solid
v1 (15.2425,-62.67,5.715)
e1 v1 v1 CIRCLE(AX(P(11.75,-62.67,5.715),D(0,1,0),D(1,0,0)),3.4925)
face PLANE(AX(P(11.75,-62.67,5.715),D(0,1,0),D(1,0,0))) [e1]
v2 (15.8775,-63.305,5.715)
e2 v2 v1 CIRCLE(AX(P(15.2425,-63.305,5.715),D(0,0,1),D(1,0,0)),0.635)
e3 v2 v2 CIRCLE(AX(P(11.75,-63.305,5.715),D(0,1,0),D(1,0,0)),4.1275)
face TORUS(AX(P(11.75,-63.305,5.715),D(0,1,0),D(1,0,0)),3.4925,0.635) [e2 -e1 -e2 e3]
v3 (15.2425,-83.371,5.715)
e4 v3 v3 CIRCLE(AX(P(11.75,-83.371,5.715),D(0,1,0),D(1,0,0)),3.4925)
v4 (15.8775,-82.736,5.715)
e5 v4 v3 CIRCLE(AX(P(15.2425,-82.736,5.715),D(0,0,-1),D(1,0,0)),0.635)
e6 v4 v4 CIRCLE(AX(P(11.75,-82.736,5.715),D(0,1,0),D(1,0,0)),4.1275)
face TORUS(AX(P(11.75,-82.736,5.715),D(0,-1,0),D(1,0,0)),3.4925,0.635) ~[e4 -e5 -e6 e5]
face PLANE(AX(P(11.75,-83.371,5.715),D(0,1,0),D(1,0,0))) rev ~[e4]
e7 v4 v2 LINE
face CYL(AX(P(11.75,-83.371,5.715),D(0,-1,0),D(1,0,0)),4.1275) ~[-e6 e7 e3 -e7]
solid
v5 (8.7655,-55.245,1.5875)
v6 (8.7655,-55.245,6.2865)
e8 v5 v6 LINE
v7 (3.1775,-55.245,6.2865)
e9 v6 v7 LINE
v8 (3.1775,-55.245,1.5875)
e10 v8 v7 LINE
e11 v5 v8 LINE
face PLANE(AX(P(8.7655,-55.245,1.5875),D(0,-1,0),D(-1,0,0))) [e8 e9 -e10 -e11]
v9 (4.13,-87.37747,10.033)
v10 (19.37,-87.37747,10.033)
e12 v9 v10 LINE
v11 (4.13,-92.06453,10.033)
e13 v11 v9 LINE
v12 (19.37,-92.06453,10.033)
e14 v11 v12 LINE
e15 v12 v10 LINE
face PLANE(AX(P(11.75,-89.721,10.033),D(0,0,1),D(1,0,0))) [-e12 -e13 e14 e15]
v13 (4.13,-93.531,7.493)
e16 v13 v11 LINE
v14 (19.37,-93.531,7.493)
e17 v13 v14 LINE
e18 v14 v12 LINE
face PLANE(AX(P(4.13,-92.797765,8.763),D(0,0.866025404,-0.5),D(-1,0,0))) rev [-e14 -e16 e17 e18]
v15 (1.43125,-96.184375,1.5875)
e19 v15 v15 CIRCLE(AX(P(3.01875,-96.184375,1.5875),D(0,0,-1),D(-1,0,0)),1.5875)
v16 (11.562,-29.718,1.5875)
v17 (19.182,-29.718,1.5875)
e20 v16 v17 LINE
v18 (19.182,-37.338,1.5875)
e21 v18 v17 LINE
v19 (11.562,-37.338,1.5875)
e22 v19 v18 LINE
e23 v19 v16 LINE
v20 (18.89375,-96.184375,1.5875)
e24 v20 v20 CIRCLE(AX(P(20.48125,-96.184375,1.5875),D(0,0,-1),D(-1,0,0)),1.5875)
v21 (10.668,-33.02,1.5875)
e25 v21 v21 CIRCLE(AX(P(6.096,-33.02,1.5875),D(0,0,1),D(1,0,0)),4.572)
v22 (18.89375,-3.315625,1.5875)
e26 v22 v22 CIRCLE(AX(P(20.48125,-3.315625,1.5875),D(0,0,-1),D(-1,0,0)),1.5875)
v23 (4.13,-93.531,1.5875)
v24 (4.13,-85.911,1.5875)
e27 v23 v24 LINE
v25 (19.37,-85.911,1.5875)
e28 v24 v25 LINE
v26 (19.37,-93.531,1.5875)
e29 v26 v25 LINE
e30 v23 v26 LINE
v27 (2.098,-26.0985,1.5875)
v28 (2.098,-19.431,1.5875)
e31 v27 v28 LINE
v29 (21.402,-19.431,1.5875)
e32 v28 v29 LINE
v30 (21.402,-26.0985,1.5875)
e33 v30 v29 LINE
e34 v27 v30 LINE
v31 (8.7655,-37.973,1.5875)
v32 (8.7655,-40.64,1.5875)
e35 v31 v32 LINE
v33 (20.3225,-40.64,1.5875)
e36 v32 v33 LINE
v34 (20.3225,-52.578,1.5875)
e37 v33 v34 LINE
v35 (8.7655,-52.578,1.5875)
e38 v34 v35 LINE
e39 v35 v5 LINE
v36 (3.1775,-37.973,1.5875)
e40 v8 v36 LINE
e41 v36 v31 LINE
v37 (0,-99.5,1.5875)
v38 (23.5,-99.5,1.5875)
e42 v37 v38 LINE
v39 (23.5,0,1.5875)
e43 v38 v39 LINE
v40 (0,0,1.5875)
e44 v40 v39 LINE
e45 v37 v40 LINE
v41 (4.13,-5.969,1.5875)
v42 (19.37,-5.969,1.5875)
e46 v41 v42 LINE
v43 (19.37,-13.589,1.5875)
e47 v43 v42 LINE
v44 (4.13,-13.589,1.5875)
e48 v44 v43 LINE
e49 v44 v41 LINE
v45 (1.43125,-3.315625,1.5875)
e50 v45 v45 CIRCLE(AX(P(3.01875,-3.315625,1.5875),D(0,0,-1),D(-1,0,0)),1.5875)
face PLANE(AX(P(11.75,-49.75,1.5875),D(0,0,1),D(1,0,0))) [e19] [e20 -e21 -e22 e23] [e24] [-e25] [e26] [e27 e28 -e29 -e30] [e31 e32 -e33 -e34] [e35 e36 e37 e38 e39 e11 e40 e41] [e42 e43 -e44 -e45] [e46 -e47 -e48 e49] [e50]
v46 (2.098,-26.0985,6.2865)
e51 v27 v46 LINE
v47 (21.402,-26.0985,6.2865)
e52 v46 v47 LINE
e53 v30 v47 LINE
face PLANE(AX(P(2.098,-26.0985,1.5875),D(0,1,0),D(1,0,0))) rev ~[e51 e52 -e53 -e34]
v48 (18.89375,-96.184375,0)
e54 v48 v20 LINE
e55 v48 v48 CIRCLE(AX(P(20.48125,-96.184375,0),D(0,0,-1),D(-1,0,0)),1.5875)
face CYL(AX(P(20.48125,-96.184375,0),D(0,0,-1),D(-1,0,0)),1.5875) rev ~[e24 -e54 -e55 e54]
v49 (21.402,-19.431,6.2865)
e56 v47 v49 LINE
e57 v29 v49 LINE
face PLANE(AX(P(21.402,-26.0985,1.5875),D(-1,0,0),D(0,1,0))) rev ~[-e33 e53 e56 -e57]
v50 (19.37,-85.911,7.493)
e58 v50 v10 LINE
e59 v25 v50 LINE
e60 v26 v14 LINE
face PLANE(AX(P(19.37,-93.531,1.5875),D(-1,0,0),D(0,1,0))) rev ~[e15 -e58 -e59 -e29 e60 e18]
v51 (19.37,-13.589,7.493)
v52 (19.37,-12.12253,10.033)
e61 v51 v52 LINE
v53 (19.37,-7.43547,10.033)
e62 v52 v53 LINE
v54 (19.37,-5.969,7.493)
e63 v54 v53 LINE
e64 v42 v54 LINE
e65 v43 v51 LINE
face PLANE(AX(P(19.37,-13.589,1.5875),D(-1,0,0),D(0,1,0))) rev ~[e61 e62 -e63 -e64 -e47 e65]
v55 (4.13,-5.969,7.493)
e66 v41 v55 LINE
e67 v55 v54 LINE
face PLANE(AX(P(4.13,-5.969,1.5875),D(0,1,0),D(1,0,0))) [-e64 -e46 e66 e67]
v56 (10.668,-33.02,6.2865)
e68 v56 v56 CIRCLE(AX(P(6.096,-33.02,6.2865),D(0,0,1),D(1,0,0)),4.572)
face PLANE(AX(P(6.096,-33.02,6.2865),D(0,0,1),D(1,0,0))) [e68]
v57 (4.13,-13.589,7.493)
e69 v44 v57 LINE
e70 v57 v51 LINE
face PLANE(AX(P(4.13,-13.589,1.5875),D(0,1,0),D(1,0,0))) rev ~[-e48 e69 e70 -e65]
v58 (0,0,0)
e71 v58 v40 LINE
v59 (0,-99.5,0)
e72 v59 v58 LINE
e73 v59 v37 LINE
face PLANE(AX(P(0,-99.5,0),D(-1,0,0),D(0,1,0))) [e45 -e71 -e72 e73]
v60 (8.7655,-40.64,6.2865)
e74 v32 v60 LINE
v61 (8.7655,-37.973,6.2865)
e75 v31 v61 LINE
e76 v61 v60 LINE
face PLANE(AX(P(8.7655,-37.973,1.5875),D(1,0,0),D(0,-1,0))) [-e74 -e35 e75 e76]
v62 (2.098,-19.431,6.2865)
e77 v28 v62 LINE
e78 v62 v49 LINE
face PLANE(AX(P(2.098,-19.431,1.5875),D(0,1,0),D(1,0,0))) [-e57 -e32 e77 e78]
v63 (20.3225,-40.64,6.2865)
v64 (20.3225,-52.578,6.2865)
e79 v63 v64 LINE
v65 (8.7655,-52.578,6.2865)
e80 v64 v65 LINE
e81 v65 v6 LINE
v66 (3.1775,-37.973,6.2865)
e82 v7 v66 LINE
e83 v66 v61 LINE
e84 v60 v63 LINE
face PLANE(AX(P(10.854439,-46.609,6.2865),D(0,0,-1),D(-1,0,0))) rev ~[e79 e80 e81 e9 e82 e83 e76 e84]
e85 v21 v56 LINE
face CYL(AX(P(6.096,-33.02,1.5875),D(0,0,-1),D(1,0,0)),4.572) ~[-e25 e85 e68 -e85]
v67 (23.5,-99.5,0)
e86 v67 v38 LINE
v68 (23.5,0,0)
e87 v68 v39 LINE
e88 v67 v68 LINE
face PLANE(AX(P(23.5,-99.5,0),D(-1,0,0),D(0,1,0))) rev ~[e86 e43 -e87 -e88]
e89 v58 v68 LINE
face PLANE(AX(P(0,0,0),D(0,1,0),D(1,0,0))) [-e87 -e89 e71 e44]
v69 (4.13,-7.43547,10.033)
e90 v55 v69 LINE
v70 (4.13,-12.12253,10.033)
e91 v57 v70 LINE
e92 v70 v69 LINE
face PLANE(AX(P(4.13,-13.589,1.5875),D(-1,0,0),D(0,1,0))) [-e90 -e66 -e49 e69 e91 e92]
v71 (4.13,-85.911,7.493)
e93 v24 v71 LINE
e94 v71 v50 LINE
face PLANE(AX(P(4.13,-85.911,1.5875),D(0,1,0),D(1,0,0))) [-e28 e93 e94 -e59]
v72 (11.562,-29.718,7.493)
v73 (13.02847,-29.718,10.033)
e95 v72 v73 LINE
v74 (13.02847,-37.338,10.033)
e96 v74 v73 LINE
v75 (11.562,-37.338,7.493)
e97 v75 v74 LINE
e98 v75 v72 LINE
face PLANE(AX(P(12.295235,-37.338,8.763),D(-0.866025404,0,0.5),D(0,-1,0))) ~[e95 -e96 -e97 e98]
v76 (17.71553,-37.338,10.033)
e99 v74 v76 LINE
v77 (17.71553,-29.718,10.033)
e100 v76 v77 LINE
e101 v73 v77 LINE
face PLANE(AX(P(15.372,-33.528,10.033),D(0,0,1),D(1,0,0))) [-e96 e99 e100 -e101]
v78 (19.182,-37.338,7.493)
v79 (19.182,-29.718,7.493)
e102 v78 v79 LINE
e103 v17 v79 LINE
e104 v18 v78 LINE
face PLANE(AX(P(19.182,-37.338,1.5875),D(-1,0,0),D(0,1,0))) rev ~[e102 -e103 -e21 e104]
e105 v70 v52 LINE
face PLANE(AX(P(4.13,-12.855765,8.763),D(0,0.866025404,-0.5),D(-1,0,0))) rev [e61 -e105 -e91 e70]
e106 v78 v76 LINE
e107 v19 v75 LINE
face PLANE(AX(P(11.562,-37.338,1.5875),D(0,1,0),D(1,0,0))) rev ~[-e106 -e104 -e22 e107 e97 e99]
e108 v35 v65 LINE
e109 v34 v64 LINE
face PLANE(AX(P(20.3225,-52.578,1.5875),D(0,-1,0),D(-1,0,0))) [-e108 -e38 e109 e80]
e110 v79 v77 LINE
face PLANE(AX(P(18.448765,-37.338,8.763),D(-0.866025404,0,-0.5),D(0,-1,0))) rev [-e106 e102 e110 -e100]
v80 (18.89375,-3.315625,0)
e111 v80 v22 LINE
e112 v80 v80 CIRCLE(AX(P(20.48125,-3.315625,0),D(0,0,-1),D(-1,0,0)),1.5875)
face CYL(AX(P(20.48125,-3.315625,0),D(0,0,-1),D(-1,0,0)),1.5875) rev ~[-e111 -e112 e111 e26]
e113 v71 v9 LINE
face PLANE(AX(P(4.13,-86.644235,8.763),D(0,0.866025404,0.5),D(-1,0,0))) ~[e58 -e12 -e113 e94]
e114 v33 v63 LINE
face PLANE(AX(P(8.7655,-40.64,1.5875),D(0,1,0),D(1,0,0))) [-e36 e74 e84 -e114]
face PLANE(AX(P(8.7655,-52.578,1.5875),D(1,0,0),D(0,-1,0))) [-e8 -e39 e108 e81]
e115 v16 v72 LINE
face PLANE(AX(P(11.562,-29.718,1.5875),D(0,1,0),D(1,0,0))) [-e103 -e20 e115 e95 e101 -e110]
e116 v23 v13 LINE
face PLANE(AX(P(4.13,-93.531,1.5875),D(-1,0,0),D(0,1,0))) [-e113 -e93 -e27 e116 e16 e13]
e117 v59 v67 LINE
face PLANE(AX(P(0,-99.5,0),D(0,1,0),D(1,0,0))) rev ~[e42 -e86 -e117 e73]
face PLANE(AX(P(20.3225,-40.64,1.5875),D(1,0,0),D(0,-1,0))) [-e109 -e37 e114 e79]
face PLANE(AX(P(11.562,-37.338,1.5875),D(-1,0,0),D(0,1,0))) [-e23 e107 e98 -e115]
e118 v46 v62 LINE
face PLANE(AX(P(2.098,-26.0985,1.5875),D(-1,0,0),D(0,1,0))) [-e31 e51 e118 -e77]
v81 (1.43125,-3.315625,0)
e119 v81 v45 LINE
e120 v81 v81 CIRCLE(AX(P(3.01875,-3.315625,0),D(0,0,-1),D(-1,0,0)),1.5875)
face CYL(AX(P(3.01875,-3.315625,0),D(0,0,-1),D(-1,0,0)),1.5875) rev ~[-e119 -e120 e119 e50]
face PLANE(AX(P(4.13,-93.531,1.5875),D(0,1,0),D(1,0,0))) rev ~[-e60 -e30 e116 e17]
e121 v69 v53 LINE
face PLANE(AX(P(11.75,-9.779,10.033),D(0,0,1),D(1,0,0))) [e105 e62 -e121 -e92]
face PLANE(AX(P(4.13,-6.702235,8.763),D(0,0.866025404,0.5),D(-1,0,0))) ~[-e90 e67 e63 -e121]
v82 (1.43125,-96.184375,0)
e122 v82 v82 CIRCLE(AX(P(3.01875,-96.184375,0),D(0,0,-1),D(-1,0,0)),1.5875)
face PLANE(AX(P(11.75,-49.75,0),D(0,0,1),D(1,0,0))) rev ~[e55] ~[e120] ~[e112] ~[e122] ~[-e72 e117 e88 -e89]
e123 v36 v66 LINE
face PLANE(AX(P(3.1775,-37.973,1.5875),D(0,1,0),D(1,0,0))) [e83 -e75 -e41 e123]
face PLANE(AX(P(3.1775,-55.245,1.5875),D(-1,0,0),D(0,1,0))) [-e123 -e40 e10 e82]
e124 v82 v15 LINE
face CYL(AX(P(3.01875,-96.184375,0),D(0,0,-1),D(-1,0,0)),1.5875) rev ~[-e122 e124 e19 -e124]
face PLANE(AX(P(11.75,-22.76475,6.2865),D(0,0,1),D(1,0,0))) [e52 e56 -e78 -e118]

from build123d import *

# Parameters (mm, degrees)
SKETCH1_W             = 23.5
SKETCH1_H             = 99.5
BOSS_EXTRUDE1_DEPTH   = 1.5875
SKETCH2_R             = 1.5875
CUT_EXTRUDE1_DEPTH    = 2.5875
SKETCH5_W             = 15.24
SKETCH5_H             = 7.62
SKETCH5_W_2           = 7.62
BOSS_EXTRUDE2_DEPTH   = 8.4455
CHAMFER1_SIZE         = 2.54
CHAMFER1_SIZE2        = 1.466469684
CHAMFER1_PART_2_SIZE  = 2.54
CHAMFER1_PART_2_SIZE2 = 1.466469684
CHAMFER1_PART_3_SIZE  = 2.54
CHAMFER1_PART_3_SIZE2 = 1.466469684
CHAMFER1_PART_4_SIZE  = 2.54
CHAMFER1_PART_4_SIZE2 = 1.466469684
CHAMFER1_PART_5_SIZE  = 2.54
CHAMFER1_PART_5_SIZE2 = 1.466469684
CHAMFER1_PART_6_SIZE  = 2.54
CHAMFER1_PART_6_SIZE2 = 1.466469684
SKETCH6_R             = 4.1275
BOSS_EXTRUDE3_DEPTH   = 20.701
FILLET1_R             = 0.635
SKETCH7_R             = 4.572
SKETCH7_W             = 19.304
SKETCH7_H             = 6.6675
BOSS_EXTRUDE4_DEPTH   = 4.699


with BuildPart() as part:
    # Sketch1 → Boss-Extrude1 (new body)
    with BuildSketch(Plane.XY):
        with Locations((11.75, -49.75)):
            Rectangle(SKETCH1_W, SKETCH1_H)
    extrude(amount=BOSS_EXTRUDE1_DEPTH)

    # Sketch2 → Cut-Extrude1 (cut, through all)
    with BuildSketch(Plane(origin=(0, 0, 0), x_dir=(-1, 0, 0), z_dir=(0, 0, -1))):
        with Locations((-20.48125, -3.315625)):
            Circle(SKETCH2_R)
        with Locations((-3.01875, -3.315625)):
            Circle(SKETCH2_R)
        with Locations((-3.01875, -96.184375)):
            Circle(SKETCH2_R)
        with Locations((-20.48125, -96.184375)):
            Circle(SKETCH2_R)
    extrude(amount=-CUT_EXTRUDE1_DEPTH, mode=Mode.SUBTRACT)

    # Sketch5 → Boss-Extrude2 (add)
    with BuildSketch(Plane.XY.offset(1.5875)):
        with Locations((11.75, -9.779)):
            Rectangle(SKETCH5_W, SKETCH5_H)
        with Locations((15.372, -33.528)):
            Rectangle(SKETCH5_W_2, SKETCH5_H)
        with Locations((11.75, -89.721)):
            Rectangle(SKETCH5_W, SKETCH5_H)
    extrude(amount=BOSS_EXTRUDE2_DEPTH)

    # Chamfer1
    chamfer1_edges = [part.edges().sort_by_distance(p)[0] for p in [
        (11.75, -13.589, 10.033),
    ]]
    chamfer1_side = [part.faces().sort_by_distance(p)[0] for p in [
        (11.75, -13.589, 5.81025),
    ]]
    chamfer(chamfer1_edges, length=CHAMFER1_SIZE, length2=CHAMFER1_SIZE2, reference=chamfer1_side[0])

    # Chamfer1 part 2
    chamfer1_part_2_edges = [part.edges().sort_by_distance(p)[0] for p in [
        (11.75, -5.969, 10.033),
    ]]
    chamfer1_part_2_side = [part.faces().sort_by_distance(p)[0] for p in [
        (11.75, -5.969, 5.81025),
    ]]
    chamfer(chamfer1_part_2_edges, length=CHAMFER1_PART_2_SIZE, length2=CHAMFER1_PART_2_SIZE2, reference=chamfer1_part_2_side[0])

    # Chamfer1 part 3
    chamfer1_part_3_edges = [part.edges().sort_by_distance(p)[0] for p in [
        (11.562, -33.528, 10.033),
    ]]
    chamfer1_part_3_side = [part.faces().sort_by_distance(p)[0] for p in [
        (11.562, -33.528, 5.81025),
    ]]
    chamfer(chamfer1_part_3_edges, length=CHAMFER1_PART_3_SIZE, length2=CHAMFER1_PART_3_SIZE2, reference=chamfer1_part_3_side[0])

    # Chamfer1 part 4
    chamfer1_part_4_edges = [part.edges().sort_by_distance(p)[0] for p in [
        (19.182, -33.528, 10.033),
    ]]
    chamfer1_part_4_side = [part.faces().sort_by_distance(p)[0] for p in [
        (19.182, -33.528, 5.81025),
    ]]
    chamfer(chamfer1_part_4_edges, length=CHAMFER1_PART_4_SIZE, length2=CHAMFER1_PART_4_SIZE2, reference=chamfer1_part_4_side[0])

    # Chamfer1 part 5
    chamfer1_part_5_edges = [part.edges().sort_by_distance(p)[0] for p in [
        (11.75, -93.531, 10.033),
    ]]
    chamfer1_part_5_side = [part.faces().sort_by_distance(p)[0] for p in [
        (11.75, -93.531, 5.81025),
    ]]
    chamfer(chamfer1_part_5_edges, length=CHAMFER1_PART_5_SIZE, length2=CHAMFER1_PART_5_SIZE2, reference=chamfer1_part_5_side[0])

    # Chamfer1 part 6
    chamfer1_part_6_edges = [part.edges().sort_by_distance(p)[0] for p in [
        (11.75, -85.911, 10.033),
    ]]
    chamfer1_part_6_side = [part.faces().sort_by_distance(p)[0] for p in [
        (11.75, -85.911, 5.81025),
    ]]
    chamfer(chamfer1_part_6_edges, length=CHAMFER1_PART_6_SIZE, length2=CHAMFER1_PART_6_SIZE2, reference=chamfer1_part_6_side[0])

    # Sketch7 → Boss-Extrude4 (add)
    with BuildSketch(Plane.XY.offset(1.5875)):
        with Locations((6.096, -33.02)):
            Circle(SKETCH7_R)
        with Locations((11.75, -22.76475)):
            Rectangle(SKETCH7_W, SKETCH7_H)
        Polygon((8.7655, -52.578), (8.7655, -55.245), (3.1775, -55.245), (3.1775, -37.973), (8.7655, -37.973), (8.7655, -40.64), (20.3225, -40.64), (20.3225, -52.578), align=None)
    extrude(amount=BOSS_EXTRUDE4_DEPTH)


with BuildPart() as body_2:
    # Sketch6 → Boss-Extrude3 (new body)
    with BuildSketch(Plane(origin=(0, -83.371, 0), x_dir=(1, 0, 0), z_dir=(0, 1, 0))):
        with Locations((11.75, -5.715)):
            Circle(SKETCH6_R)
    extrude(amount=BOSS_EXTRUDE3_DEPTH)

    # Fillet1
    fillet1_edges = [body_2.edges().sort_by_distance(p)[0] for p in [
        (7.6225, -83.371, 5.715),
        (7.6225, -62.67, 5.715),
    ]]
    fillet(fillet1_edges, radius=FILLET1_R)


solid = Compound([part.part, body_2.part])
